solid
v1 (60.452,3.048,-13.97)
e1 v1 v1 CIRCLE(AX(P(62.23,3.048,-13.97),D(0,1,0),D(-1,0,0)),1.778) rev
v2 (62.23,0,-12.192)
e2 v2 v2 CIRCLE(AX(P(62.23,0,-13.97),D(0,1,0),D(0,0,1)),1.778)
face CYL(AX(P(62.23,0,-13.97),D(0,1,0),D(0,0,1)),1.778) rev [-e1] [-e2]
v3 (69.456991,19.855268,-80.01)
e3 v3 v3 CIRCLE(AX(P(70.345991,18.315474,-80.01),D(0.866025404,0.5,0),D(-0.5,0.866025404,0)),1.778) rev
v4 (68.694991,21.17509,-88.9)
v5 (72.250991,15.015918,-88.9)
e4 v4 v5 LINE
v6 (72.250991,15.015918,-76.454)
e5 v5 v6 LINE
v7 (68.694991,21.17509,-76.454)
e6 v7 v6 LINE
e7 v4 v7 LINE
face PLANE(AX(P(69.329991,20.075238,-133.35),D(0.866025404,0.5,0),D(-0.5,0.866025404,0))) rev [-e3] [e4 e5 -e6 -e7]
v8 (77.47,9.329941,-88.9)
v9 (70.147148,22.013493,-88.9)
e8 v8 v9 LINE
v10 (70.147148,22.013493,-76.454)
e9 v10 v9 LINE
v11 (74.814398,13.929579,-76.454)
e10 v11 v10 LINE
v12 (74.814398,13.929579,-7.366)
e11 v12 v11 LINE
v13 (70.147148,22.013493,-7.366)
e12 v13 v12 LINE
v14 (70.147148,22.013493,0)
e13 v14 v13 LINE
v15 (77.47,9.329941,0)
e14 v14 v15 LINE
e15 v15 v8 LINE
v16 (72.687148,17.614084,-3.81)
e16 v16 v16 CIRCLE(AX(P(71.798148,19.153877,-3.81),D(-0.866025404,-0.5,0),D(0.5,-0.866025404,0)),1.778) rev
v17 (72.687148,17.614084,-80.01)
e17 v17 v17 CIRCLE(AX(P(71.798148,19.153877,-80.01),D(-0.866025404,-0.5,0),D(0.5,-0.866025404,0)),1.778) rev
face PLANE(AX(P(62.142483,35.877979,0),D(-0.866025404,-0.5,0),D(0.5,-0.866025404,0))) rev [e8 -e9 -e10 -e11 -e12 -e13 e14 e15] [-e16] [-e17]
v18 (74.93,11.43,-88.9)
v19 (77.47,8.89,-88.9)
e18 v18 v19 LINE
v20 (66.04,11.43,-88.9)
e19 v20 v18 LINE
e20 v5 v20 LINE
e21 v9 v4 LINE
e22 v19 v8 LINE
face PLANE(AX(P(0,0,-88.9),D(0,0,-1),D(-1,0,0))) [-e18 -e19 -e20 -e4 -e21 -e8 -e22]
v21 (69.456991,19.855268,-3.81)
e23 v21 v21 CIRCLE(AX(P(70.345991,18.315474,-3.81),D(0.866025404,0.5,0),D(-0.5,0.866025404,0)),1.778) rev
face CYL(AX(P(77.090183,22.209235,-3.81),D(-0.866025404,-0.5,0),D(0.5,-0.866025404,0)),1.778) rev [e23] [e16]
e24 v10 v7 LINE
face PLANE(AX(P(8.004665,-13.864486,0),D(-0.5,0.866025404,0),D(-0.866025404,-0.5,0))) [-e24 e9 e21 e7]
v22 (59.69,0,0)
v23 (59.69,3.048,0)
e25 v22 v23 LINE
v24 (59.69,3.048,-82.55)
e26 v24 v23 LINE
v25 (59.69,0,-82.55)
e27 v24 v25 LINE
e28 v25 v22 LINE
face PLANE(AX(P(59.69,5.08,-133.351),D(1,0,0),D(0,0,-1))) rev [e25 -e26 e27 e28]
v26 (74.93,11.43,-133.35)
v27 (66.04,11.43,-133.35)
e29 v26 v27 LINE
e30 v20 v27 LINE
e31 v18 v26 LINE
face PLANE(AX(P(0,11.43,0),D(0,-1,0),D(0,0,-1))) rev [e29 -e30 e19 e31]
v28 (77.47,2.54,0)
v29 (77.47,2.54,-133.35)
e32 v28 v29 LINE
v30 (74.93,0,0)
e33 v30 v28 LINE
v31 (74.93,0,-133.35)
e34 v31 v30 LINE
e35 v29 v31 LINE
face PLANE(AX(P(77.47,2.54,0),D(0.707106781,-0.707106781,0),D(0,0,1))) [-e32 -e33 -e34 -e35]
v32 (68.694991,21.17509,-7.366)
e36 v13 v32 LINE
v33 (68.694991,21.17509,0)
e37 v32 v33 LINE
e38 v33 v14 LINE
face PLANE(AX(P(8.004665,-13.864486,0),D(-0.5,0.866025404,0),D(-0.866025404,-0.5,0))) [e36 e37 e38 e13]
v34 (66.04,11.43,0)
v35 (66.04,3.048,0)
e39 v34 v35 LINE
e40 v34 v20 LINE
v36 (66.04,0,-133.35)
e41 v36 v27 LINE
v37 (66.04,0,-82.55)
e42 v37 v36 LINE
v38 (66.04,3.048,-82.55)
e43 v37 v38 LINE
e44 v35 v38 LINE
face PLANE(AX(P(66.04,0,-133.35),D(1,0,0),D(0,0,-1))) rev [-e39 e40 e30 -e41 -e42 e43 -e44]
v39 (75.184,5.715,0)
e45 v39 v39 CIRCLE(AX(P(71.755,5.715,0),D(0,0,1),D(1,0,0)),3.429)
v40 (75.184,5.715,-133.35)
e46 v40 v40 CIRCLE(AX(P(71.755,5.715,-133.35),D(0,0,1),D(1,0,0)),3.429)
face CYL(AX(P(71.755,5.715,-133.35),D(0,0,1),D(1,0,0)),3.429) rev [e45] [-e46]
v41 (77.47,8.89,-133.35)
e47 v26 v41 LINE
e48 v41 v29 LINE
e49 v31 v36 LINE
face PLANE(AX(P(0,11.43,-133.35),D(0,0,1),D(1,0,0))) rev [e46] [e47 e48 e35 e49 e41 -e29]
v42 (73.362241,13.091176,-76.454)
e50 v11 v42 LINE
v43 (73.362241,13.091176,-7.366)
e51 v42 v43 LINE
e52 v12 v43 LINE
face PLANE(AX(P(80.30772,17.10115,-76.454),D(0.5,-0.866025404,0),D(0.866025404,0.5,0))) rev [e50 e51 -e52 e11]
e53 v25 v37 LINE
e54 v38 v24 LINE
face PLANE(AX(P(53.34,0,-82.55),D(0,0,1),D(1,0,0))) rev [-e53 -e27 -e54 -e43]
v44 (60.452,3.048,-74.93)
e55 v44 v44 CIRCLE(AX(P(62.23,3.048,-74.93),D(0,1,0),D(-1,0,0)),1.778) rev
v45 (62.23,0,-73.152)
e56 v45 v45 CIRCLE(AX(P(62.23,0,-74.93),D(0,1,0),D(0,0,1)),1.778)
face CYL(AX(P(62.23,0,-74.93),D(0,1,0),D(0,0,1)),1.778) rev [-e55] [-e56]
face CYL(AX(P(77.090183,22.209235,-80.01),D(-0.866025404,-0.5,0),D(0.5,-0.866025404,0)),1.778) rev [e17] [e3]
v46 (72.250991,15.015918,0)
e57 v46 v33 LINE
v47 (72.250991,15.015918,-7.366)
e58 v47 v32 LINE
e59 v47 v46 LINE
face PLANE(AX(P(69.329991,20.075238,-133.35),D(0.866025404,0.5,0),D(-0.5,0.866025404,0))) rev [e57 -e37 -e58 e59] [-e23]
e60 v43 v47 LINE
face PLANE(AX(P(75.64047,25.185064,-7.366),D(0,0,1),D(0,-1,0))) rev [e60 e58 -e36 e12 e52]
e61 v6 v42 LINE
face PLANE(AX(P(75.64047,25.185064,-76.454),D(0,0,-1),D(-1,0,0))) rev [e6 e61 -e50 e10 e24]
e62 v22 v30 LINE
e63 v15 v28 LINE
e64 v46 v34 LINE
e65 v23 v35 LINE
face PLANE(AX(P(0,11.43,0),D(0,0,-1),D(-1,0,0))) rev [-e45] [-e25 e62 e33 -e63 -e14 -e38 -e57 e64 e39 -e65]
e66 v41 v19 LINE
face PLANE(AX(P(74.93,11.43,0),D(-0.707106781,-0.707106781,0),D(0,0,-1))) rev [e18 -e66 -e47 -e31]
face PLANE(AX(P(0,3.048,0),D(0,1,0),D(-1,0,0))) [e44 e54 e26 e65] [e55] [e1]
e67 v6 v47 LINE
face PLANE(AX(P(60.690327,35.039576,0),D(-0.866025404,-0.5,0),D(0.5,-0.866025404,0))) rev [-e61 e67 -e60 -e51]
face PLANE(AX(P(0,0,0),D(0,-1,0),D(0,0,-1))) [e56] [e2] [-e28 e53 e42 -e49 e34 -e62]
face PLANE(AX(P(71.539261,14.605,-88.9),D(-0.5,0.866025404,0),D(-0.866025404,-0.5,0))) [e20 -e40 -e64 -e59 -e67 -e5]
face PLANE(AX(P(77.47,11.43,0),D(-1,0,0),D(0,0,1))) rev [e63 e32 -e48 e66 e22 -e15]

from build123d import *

# Parameters (mm, degrees)
SKETCH1_W           = 77.47
SKETCH1_H           = 133.35
BOSS_EXTRUDE1_DEPTH = 11.43
SKETCH2_R           = 3.429
CUT_EXTRUDE1_DEPTH  = 134.35
CUT_EXTRUDE2_DEPTH  = 12.43
SKETCH4_W           = 54.61
SKETCH4_H           = 6.35
CUT_EXTRUDE3_DEPTH  = 134.35
CHAMFER1_SIZE       = 2.54
SKETCH5_W           = 66.04
SKETCH5_H           = 50.8
CUT_EXTRUDE4_DEPTH  = 12.43
SKETCH6_W           = 53.34
SKETCH6_H           = 82.55
CUT_EXTRUDE5_DEPTH  = 12.43
SKETCH7_R           = 1.778
HOLE_CUTS_1_DEPTH   = 6.08
BOSS_EXTRUDE2_DEPTH = 88.9
CUT_EXTRUDE7_REACH  = 135.35
SKETCH9_W           = 6.35
SKETCH9_H           = 5.08
CUT_EXTRUDE8_REACH  = 135.35
SKETCH10_W          = 6.35
SKETCH10_H          = 1.27
HOLE_CUTS_2_REACH   = 10.608
SKETCH11_R          = 1.778
SKETCH12_W          = 88.9
SKETCH12_H          = 11.176
CUT_EXTRUDE10_DEPTH = 1.27
CUT_EXTRUDE15_DEPTH = 134.35
SKETCH14_W          = 6.35
SKETCH14_H          = 82.55
CUT_EXTRUDE12_DEPTH = 0.762
SKETCH15_W          = 1.676805635
SKETCH15_H          = 88.9
BOSS_EXTRUDE3_DEPTH = 1.27
CUT_EXTRUDE13_REACH = 10.019
SKETCH16_W          = 69.088
SKETCH16_H          = 9.3345
CUT_EXTRUDE14_REACH = 12.28
SKETCH17_W          = 1.27
SKETCH17_H          = 88.9


with BuildPart() as part:
    # Sketch1 → Boss-Extrude1 (new body)
    with BuildSketch(Plane(origin=(0, 0, 0), x_dir=(1, 0, 0), z_dir=(0, 1, 0))):
        with Locations((38.735, 66.675)):
            Rectangle(SKETCH1_W, SKETCH1_H)
    extrude(amount=BOSS_EXTRUDE1_DEPTH)

    # Sketch2 → Cut-Extrude1 (cut, through all)
    with BuildSketch(Plane.XY):
        with Locations((5.715, 5.715)):
            Circle(SKETCH2_R)
        with Locations((71.755, 5.715)):
            Circle(SKETCH2_R)
    extrude(amount=-CUT_EXTRUDE1_DEPTH, mode=Mode.SUBTRACT)

    # Sketch3 → Cut-Extrude2 (cut, through all)
    with BuildSketch(Plane(origin=(0, 11.43, 0), x_dir=(1, 0, 0), z_dir=(0, 1, 0))):
        with BuildLine():
            Line((11.43, 133.35), (11.43, 95.25))
            ThreePointArc((11.43, 95.25), (15.149743879, 86.269743879), (24.13, 82.55))
            Line((24.13, 82.55), (53.34, 82.55))
            ThreePointArc((53.34, 82.55), (62.320256121, 86.269743879), (66.04, 95.25))
            Line((66.04, 95.25), (66.04, 133.35))
            Line((66.04, 133.35), (11.43, 133.35))
        make_face()
    extrude(amount=-CUT_EXTRUDE2_DEPTH, mode=Mode.SUBTRACT)

    # Sketch4 → Cut-Extrude3 (cut, through all)
    with BuildSketch(Plane(origin=(0, 0, -133.35), x_dir=(-1, 0, 0), z_dir=(0, 0, -1))):
        with Locations((-38.735, 8.255)):
            Rectangle(SKETCH4_W, SKETCH4_H)
    extrude(amount=-CUT_EXTRUDE3_DEPTH, mode=Mode.SUBTRACT)

    # Chamfer1
    chamfer1_edges = [part.edges().sort_by_distance(p)[0] for p in [
        (77.47, 11.43, -66.675),
        (0, 11.43, -66.675),
        (77.47, 0, -66.675),
        (0, 0, -66.675),
    ]]
    chamfer(chamfer1_edges, length=CHAMFER1_SIZE)

    # Sketch5 → Cut-Extrude4 (cut, through all)
    with BuildSketch(Plane(origin=(0, 11.43, 0), x_dir=(1, 0, 0), z_dir=(0, 1, 0))):
        with Locations((33.02, 107.95)):
            Rectangle(SKETCH5_W, SKETCH5_H)
    extrude(amount=-CUT_EXTRUDE4_DEPTH, mode=Mode.SUBTRACT)

    # Sketch6 → Cut-Extrude5 (cut, through all)
    with BuildSketch(Plane(origin=(0, 11.43, 0), x_dir=(1, 0, 0), z_dir=(0, 1, 0))):
        with Locations((26.67, 41.275)):
            Rectangle(SKETCH6_W, SKETCH6_H)
    extrude(amount=-CUT_EXTRUDE5_DEPTH, mode=Mode.SUBTRACT)

    # Sketch7 → Hole Cuts 1 (cut, through all)
    with BuildSketch(Plane(origin=(0, 5.08, 0), x_dir=(1, 0, 0), z_dir=(0, 1, 0))):
        with Locations((62.23, 74.93)):
            Circle(SKETCH7_R)
        with Locations((62.23, 13.97)):
            Circle(SKETCH7_R)
    extrude(amount=-HOLE_CUTS_1_DEPTH, mode=Mode.SUBTRACT)

    # Sketch8 → Boss-Extrude2 (add)
    with BuildSketch(Plane.XY):
        Polygon((77.47, 11.869940905), (77.47, 8.89), (74.93, 11.43), (66.04, 11.43), (71.539261314, 14.605), (68.618261314, 19.664320409), (71.882, 21.548640818), align=None)
    extrude(amount=-BOSS_EXTRUDE2_DEPTH)

    # Sketch9 → Cut-Extrude7 (cut, up to next)
    with BuildSketch(Plane.XY, mode=Mode.PRIVATE) as cut_extrude7_sk1:
        with Locations((56.515, 2.54)):
            Rectangle(SKETCH9_W, SKETCH9_H)
    cut_extrude7_tool1 = extrude(cut_extrude7_sk1.sketch, amount=-CUT_EXTRUDE7_REACH, mode=Mode.PRIVATE) & part.part
    add(cut_extrude7_tool1.solids().sort_by_distance((56.515, 2.54, 0))[0], mode=Mode.SUBTRACT)

    # Sketch10 → Cut-Extrude8 (cut, up to next)
    with BuildSketch(Plane.XY, mode=Mode.PRIVATE) as cut_extrude8_sk1:
        with Locations((62.865, 4.445)):
            Rectangle(SKETCH10_W, SKETCH10_H)
    cut_extrude8_tool1 = extrude(cut_extrude8_sk1.sketch, amount=-CUT_EXTRUDE8_REACH, mode=Mode.PRIVATE) & part.part
    add(cut_extrude8_tool1.solids().sort_by_distance((62.865, 4.445, 0))[0], mode=Mode.SUBTRACT)

    # Sketch11 → Hole Cuts 2 (cut, up to next)
    with BuildSketch(Plane(origin=(59.978596497, 34.628658833, 0), x_dir=(0, 0, 1), z_dir=(-0.866025404, -0.5, 0)), mode=Mode.PRIVATE) as hole_cuts_2_sk1:
        with Locations((-3.81, -19.311329635)):
            Circle(SKETCH11_R)
    hole_cuts_2_tool1 = extrude(hole_cuts_2_sk1.sketch, amount=-HOLE_CUTS_2_REACH, mode=Mode.PRIVATE) & part.part
    add(hole_cuts_2_tool1.solids().sort_by_distance((69.634261, 17.904557, -3.81))[0], mode=Mode.SUBTRACT)
    # Sketch11 → Hole Cuts 2 (cut, up to next)
    with BuildSketch(Plane(origin=(59.978596497, 34.628658833, 0), x_dir=(0, 0, 1), z_dir=(-0.866025404, -0.5, 0)), mode=Mode.PRIVATE) as hole_cuts_2_sk2:
        with Locations((-80.01, -19.311329635)):
            Circle(SKETCH11_R)
    hole_cuts_2_tool2 = extrude(hole_cuts_2_sk2.sketch, amount=-HOLE_CUTS_2_REACH, mode=Mode.PRIVATE) & part.part
    add(hole_cuts_2_tool2.solids().sort_by_distance((69.634261, 17.904557, -80.01))[0], mode=Mode.SUBTRACT)

    # Sketch12 → Cut-Extrude10 (cut)
    with BuildSketch(Plane(origin=(63.242335183, 36.512979242, 0), x_dir=(0, 0, -1), z_dir=(0.866025404, 0.5, 0))):
        with Locations((44.45, -22.867329635)):
            Rectangle(SKETCH12_W, SKETCH12_H)
    extrude(amount=-CUT_EXTRUDE10_DEPTH, mode=Mode.SUBTRACT)

    # Sketch22 → Cut-Extrude15 (cut, through all)
    with BuildSketch(Plane.XY):
        Polygon((64.930582409, 17.535238), (69.32999146, 20.075238), (72.25099146, 15.015917591), (67.851582409, 12.475917591), align=None)
    extrude(amount=-CUT_EXTRUDE15_DEPTH, mode=Mode.SUBTRACT)

    # Sketch14 → Cut-Extrude12 (cut)
    with BuildSketch(Plane(origin=(0, 3.81, 0), x_dir=(1, 0, 0), z_dir=(0, 1, 0))):
        with Locations((62.865, 41.275)):
            Rectangle(SKETCH14_W, SKETCH14_H)
    extrude(amount=-CUT_EXTRUDE12_DEPTH, mode=Mode.SUBTRACT)

    # Sketch15 → Boss-Extrude3 (add)
    with BuildSketch(Plane(origin=(8.639664817, -14.964338424, 0), x_dir=(0.866025404, 0.5, 0), z_dir=(-0.5, 0.866025404, 0))):
        with Locations((70.917555667, 44.45)):
            Rectangle(SKETCH15_W, SKETCH15_H)
    extrude(amount=BOSS_EXTRUDE3_DEPTH)

    # Sketch16 → Cut-Extrude13 (cut, up to next)
    with BuildSketch(Plane(origin=(60.690326643, 35.039576424, 0), x_dir=(0, 0, 1), z_dir=(-0.866025404, -0.5, 0)), mode=Mode.PRIVATE) as cut_extrude13_sk1:
        with Locations((-41.91, -20.676579635)):
            Rectangle(SKETCH16_W, SKETCH16_H)
    cut_extrude13_tool1 = extrude(cut_extrude13_sk1.sketch, amount=-CUT_EXTRUDE13_REACH, mode=Mode.PRIVATE) & part.part
    add(cut_extrude13_tool1.solids().sort_by_distance((71.028616, 17.133133, -41.91))[0], mode=Mode.SUBTRACT)

    # Sketch17 → Cut-Extrude14 (cut, up to next)
    with BuildSketch(Plane(origin=(14.227664817, -24.643038337, 0), x_dir=(0.866025404, 0.5, 0), z_dir=(-0.5, 0.866025404, 0)), mode=Mode.PRIVATE) as cut_extrude14_sk1:
        with Locations((72.390958484, 44.45)):
            Rectangle(SKETCH17_W, SKETCH17_H)
    cut_extrude14_tool1 = extrude(cut_extrude14_sk1.sketch, amount=-CUT_EXTRUDE14_REACH, mode=Mode.PRIVATE) & part.part
    add(cut_extrude14_tool1.solids().sort_by_distance((76.920074, 11.552441, -44.45))[0], mode=Mode.SUBTRACT)


solid = part.part
